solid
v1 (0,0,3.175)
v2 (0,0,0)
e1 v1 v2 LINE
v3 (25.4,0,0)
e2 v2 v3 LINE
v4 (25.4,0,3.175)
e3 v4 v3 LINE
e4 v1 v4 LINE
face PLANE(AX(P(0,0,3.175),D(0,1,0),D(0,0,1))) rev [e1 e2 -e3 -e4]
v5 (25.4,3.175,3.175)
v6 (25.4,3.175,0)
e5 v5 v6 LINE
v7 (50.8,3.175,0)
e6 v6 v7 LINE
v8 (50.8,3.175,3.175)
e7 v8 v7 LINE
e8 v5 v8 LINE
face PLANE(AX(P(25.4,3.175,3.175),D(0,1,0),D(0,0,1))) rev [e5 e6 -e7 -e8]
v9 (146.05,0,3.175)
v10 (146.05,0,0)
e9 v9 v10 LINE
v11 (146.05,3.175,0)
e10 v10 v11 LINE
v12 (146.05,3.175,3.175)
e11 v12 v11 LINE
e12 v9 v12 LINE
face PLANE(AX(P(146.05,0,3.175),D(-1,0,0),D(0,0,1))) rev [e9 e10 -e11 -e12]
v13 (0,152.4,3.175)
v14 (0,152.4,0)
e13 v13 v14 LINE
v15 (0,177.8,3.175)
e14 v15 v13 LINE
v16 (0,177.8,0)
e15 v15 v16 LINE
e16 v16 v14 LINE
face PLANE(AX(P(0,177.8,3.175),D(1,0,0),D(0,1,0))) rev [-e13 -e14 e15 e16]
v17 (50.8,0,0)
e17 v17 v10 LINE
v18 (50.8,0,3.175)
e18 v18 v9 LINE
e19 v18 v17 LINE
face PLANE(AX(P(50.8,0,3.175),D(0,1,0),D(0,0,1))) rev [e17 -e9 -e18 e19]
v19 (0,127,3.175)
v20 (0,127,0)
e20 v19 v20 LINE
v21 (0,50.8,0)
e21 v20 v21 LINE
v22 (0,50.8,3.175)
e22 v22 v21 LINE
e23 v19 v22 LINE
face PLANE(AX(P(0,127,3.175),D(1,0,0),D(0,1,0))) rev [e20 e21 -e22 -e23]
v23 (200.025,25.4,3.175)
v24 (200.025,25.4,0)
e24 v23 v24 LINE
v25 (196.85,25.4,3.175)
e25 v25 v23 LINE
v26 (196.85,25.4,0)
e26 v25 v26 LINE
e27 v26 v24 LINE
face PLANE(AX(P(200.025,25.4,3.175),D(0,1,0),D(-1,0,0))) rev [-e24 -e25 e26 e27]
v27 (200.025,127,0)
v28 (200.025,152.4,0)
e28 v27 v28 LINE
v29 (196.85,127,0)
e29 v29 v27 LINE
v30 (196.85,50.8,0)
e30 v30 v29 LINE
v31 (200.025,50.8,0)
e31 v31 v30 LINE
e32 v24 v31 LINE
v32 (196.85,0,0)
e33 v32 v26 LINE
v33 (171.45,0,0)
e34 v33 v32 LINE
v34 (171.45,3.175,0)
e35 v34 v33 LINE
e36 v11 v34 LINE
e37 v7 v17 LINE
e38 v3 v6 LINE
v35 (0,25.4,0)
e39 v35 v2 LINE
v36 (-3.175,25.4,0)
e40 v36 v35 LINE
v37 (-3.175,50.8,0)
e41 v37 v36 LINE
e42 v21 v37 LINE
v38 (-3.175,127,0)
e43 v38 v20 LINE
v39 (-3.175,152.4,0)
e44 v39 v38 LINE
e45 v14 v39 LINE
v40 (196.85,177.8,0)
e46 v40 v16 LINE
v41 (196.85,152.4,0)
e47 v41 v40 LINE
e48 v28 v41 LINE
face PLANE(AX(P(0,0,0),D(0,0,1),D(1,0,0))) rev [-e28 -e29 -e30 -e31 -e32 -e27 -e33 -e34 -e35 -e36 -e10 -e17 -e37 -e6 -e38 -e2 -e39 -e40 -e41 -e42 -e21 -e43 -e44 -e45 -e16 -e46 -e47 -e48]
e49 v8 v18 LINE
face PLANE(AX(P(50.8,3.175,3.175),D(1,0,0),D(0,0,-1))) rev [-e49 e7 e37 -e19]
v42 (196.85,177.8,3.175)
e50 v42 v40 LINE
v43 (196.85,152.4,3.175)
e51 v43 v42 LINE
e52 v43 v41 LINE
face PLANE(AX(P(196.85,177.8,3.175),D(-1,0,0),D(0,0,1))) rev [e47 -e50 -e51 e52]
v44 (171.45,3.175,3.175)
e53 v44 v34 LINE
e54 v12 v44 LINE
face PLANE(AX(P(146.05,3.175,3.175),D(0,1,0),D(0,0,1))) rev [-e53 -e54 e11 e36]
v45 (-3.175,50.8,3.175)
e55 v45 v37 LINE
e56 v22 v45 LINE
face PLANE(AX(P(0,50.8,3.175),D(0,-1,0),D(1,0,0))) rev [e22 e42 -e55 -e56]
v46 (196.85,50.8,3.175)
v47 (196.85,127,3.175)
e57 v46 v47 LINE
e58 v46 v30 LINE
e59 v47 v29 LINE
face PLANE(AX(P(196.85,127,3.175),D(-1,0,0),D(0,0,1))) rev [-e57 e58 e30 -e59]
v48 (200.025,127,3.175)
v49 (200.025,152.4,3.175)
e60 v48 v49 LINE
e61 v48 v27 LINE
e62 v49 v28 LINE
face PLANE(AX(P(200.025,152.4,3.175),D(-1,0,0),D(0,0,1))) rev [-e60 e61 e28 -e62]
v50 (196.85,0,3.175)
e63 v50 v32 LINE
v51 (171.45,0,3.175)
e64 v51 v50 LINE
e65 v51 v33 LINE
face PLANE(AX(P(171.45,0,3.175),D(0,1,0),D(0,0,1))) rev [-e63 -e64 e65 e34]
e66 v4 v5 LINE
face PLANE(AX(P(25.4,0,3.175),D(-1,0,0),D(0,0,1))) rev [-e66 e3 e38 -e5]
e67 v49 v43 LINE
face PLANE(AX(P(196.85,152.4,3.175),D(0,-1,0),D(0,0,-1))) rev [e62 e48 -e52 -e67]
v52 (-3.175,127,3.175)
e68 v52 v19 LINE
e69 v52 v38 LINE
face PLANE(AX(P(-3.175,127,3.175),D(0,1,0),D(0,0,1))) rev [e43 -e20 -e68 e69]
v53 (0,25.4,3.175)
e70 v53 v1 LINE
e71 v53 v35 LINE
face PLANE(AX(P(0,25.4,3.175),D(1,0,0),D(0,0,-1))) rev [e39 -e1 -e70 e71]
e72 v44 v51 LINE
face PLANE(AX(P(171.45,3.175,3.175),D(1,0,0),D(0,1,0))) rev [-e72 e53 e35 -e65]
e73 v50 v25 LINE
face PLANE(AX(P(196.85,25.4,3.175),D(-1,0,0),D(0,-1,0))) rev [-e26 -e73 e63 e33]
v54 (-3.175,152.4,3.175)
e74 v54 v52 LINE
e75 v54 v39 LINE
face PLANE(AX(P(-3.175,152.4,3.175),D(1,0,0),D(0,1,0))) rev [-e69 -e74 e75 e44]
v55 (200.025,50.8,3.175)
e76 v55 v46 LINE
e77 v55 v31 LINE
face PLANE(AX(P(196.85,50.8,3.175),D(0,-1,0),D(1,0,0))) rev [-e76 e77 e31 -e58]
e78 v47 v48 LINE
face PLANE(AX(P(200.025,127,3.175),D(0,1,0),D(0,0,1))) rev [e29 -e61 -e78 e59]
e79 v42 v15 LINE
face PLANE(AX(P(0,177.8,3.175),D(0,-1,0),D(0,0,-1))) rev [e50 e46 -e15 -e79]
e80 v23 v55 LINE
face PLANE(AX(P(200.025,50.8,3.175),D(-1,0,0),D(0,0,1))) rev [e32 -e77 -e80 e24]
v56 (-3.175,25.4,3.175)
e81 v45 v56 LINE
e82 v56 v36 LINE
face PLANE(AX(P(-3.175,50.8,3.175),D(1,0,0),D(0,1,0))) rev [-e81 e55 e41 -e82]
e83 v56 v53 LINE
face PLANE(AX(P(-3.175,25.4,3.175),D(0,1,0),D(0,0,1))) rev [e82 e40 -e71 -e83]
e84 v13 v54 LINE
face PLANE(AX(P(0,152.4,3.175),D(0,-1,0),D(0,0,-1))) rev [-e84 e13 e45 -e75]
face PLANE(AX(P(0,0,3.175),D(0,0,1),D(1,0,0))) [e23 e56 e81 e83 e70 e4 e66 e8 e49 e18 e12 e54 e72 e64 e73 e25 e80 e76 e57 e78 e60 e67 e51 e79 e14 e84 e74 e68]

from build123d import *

# Parameters (mm, degrees)
BOSS_EXTRUDE1_DEPTH = 3.175


with BuildPart() as part:
    # Sketch1 → Boss-Extrude1 (new body)
    with BuildSketch(Plane.XY):
        Polygon((0, 177.8), (0, 152.4), (-3.175, 152.4), (-3.175, 127), (0, 127), (0, 50.8), (-3.175, 50.8), (-3.175, 25.4), (0, 25.4), (0, 0), (25.4, 0), (25.4, 3.175), (50.8, 3.175), (50.8, 0), (146.05, 0), (146.05, 3.175), (171.45, 3.175), (171.45, 0), (196.85, 0), (196.85, 25.4), (200.025, 25.4), (200.025, 50.8), (196.85, 50.8), (196.85, 127), (200.025, 127), (200.025, 152.4), (196.85, 152.4), (196.85, 177.8), align=None)
    extrude(amount=BOSS_EXTRUDE1_DEPTH)


solid = part.part
